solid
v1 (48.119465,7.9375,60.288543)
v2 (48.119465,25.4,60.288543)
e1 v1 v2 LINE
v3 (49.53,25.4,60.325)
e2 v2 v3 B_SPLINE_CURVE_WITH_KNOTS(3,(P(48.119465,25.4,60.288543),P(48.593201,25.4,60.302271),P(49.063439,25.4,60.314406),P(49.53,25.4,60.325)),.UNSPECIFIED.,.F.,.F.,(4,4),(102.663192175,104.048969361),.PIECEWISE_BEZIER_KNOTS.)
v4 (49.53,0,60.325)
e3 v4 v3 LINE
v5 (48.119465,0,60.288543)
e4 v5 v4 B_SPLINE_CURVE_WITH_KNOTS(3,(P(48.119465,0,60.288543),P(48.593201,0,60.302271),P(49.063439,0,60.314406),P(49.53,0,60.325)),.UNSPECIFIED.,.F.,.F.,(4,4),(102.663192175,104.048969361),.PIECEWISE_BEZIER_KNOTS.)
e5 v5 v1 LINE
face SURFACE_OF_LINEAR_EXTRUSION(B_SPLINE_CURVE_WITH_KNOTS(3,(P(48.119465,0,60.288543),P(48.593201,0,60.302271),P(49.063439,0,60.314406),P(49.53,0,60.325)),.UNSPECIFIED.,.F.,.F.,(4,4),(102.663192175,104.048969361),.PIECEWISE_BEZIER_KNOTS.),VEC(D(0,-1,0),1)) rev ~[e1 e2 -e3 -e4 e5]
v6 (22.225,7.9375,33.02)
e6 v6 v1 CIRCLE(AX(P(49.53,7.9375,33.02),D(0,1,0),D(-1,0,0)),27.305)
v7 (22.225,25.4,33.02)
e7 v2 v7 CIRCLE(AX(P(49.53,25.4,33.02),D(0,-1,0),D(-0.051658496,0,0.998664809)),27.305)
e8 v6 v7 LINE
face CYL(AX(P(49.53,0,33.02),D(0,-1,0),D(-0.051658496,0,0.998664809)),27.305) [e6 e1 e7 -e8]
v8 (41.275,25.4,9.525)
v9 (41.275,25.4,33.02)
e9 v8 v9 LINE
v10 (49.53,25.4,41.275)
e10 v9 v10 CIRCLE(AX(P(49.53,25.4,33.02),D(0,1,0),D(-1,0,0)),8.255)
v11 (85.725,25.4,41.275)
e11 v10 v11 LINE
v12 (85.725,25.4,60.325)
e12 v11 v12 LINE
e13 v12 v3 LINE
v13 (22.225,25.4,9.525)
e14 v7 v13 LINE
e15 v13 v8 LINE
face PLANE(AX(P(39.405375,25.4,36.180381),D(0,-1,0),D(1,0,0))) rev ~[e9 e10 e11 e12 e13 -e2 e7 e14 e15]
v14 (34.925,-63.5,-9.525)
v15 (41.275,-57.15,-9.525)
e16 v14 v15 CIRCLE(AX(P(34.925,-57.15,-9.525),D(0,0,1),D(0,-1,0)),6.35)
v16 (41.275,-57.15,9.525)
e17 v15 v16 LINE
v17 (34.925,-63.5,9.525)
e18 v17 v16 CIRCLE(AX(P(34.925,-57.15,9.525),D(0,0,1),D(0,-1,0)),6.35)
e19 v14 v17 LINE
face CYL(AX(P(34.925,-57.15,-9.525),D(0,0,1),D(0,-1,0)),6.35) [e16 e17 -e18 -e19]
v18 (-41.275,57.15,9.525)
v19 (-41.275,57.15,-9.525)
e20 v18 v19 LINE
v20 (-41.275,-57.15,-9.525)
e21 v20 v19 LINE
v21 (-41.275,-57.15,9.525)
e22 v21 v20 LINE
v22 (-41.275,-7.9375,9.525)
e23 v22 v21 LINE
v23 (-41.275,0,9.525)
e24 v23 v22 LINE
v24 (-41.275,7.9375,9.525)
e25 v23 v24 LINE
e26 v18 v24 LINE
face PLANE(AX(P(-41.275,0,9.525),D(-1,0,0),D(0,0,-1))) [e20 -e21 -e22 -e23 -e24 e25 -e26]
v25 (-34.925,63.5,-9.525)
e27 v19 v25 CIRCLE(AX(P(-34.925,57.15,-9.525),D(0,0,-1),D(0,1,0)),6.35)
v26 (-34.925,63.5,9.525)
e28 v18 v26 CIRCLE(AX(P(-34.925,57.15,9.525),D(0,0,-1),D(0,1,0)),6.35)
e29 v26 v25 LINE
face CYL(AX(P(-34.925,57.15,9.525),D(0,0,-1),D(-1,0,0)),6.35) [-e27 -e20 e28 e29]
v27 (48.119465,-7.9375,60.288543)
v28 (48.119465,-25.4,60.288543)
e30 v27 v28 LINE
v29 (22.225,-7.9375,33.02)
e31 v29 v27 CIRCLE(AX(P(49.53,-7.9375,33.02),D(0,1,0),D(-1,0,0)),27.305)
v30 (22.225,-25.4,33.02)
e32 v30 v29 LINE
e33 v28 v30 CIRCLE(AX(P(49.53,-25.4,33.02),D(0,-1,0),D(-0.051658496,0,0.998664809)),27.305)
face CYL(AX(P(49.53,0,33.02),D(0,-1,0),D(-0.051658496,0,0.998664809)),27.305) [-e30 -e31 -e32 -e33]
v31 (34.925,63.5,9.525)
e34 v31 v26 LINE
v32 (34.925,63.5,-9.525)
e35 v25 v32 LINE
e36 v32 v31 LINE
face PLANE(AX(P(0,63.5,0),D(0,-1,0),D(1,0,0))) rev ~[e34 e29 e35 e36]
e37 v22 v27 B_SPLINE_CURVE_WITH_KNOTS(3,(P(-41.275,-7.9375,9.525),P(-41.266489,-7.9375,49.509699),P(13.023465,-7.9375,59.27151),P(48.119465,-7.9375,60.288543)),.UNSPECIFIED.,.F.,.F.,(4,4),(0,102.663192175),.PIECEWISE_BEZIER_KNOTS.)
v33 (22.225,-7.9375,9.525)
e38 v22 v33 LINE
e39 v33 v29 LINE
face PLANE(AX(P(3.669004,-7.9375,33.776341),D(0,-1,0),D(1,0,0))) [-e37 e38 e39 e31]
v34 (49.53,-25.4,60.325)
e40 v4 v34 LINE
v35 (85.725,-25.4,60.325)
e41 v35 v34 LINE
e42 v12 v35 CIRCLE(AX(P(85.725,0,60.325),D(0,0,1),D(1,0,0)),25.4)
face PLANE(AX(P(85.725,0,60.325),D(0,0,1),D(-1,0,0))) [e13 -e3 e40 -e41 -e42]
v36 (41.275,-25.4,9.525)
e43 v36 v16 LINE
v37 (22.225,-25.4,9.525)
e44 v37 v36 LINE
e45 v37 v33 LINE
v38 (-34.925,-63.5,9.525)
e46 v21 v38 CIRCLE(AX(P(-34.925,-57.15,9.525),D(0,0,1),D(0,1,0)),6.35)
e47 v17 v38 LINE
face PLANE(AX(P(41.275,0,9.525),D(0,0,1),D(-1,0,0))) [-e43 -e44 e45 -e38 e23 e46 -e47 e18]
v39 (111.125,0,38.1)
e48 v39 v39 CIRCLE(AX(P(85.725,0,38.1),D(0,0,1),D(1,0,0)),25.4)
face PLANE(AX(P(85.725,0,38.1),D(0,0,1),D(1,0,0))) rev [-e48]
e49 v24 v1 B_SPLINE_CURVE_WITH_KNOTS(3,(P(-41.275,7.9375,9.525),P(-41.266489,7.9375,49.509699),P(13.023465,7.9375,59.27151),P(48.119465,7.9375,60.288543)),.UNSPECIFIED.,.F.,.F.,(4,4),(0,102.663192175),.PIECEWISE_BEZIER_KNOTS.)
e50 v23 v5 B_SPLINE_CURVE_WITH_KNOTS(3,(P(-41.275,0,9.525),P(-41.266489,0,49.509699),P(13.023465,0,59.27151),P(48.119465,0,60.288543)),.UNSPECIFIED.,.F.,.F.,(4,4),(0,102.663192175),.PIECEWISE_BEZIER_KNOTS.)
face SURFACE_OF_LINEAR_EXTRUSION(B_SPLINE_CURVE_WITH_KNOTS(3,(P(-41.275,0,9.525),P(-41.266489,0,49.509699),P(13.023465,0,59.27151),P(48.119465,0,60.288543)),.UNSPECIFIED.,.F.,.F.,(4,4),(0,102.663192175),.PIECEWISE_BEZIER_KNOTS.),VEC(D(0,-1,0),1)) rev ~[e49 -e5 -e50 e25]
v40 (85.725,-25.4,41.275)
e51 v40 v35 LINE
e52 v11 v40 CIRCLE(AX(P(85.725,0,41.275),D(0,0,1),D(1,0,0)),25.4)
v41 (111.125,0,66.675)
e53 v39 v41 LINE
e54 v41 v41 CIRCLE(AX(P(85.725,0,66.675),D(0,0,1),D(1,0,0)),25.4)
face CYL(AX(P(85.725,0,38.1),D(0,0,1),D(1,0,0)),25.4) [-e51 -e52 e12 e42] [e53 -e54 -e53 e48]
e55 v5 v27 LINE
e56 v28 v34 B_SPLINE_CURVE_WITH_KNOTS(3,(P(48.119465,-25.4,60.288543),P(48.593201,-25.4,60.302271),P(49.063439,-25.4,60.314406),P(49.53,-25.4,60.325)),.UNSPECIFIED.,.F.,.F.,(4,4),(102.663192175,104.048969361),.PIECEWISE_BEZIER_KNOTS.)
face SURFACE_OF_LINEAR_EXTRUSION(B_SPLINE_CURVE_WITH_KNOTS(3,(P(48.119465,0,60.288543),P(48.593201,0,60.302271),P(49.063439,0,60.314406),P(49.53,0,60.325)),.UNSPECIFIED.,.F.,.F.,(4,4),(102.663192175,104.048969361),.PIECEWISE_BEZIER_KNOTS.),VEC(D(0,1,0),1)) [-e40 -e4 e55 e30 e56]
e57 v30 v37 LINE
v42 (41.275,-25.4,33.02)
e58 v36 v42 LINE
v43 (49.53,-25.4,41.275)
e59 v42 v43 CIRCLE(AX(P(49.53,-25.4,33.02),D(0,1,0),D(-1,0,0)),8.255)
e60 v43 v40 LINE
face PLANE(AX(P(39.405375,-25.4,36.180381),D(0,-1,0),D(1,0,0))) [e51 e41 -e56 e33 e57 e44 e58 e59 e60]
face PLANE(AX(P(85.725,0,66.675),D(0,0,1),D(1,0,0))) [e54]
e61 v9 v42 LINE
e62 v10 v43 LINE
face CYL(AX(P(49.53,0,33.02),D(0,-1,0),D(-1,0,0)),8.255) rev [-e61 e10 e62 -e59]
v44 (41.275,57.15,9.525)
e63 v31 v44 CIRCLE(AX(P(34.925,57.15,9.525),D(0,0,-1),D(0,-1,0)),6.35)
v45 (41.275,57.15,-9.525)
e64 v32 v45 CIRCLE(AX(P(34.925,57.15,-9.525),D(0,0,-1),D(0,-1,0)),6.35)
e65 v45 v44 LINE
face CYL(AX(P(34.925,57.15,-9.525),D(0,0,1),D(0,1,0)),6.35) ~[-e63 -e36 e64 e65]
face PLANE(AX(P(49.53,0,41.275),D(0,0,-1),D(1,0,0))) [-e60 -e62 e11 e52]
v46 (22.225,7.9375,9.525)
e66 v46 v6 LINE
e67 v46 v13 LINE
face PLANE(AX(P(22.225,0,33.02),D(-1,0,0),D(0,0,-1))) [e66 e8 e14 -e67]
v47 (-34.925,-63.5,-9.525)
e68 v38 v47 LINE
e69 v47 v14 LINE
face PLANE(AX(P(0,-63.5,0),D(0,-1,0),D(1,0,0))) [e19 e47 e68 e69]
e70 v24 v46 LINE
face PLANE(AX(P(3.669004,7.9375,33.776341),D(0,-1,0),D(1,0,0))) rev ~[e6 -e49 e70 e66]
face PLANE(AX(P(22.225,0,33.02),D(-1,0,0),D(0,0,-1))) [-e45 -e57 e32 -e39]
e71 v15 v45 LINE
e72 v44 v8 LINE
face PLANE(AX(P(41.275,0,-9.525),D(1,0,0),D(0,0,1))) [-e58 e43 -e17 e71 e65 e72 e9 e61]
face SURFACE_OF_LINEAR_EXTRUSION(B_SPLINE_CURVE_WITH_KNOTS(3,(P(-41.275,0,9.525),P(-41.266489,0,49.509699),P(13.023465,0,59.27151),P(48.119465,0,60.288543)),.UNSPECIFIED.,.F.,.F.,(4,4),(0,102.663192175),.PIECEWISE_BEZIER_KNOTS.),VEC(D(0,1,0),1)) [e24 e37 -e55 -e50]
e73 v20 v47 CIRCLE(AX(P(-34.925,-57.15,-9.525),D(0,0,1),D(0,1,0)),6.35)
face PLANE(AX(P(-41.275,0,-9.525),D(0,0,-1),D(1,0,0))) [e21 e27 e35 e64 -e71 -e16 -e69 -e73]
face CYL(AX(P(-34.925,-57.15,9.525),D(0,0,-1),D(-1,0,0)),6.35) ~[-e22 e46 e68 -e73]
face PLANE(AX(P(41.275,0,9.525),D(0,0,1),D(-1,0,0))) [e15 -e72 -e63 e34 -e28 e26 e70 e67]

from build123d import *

# Parameters (mm, degrees)
F1_DEPTH = 63.5
F0_W     = 25.4
F0_H     = 19.05
F2_DEPTH = 25.4
F3_DEPTH = 7.9375
F4_R     = 6.35


with BuildPart() as f1:
    # F0 (on Front) → F1 (new body, symmetric)
    with BuildSketch(Plane.XZ):
        Polygon((41.275, -9.525), (41.275, 9.525), (22.225, 9.525), (-41.275, 9.525), (-41.275, -9.525), align=None)
    extrude(amount=F1_DEPTH, both=True)

    # F0 (on Front) → F2 (join, symmetric)
    with BuildSketch(Plane.XZ):
        with BuildLine():
            Line((22.225, 9.525), (41.275, 9.525))
            Line((41.275, 9.525), (41.275, 33.02))
            ThreePointArc((41.275, 33.02), (43.6928335213, 38.8571664787), (49.53, 41.275))
            Line((49.53, 41.275), (60.325, 41.275))
            Line((60.325, 41.275), (60.325, 60.325))
            Line((60.325, 60.325), (49.53, 60.325))
            add(Edge.make_bspline(
                [(48.1194647713, 60.2885425971), (48.5932006273, 60.3022707881), (49.063439273, 60.3144056478), (49.53, 60.325)],
                knots=[102.663192175, 102.663192175, 102.663192175, 102.663192175, 104.0489693606, 104.0489693606, 104.0489693606, 104.0489693606], degree=3))
            ThreePointArc((48.1194647713, 60.2885425971), (29.730029174, 51.8222387042), (22.225, 33.02))
            Line((22.225, 33.02), (22.225, 9.525))
        make_face()
        with Locations((73.025, 50.8)):
            Rectangle(F0_W, F0_H)
    extrude(amount=F2_DEPTH, both=True)

    # F0 (on Front) → F3 (join, symmetric)
    with BuildSketch(Plane.XZ):
        with BuildLine():
            Line((-41.275, 9.525), (22.225, 9.525))
            Line((22.225, 9.525), (22.225, 33.02))
            ThreePointArc((22.225, 33.02), (29.730029174, 51.8222387042), (48.1194647713, 60.2885425971))
            add(Edge.make_bspline(
                [(-41.275, 9.525), (-41.2664891716, 49.5096992436), (13.0234654023, 59.2715104706), (48.1194647713, 60.2885425971)],
                knots=[0, 0, 0, 0, 102.663192175, 102.663192175, 102.663192175, 102.663192175], degree=3))
        make_face()
    extrude(amount=F3_DEPTH, both=True)

    # F4
    f4_edges = [f1.edges().sort_by_distance(p)[0] for p in [
        (41.275, -63.5, 0),
        (-41.275, -63.5, 0),
        (41.275, 63.5, 0),
        (-41.275, 63.5, 0),
    ]]
    fillet(f4_edges, radius=F4_R)

    # F0 (on Front) → F5 (revolve)
    with BuildSketch(Plane.XZ):
        Polygon((85.725, 60.325), (85.725, 41.275), (85.725, 38.1), (111.125, 38.1), (111.125, 66.675), (85.725, 66.675), align=None)
    revolve(axis=Axis((85.725, 0, 52.3875), (0, 0, 1)))


solid = f1.part
